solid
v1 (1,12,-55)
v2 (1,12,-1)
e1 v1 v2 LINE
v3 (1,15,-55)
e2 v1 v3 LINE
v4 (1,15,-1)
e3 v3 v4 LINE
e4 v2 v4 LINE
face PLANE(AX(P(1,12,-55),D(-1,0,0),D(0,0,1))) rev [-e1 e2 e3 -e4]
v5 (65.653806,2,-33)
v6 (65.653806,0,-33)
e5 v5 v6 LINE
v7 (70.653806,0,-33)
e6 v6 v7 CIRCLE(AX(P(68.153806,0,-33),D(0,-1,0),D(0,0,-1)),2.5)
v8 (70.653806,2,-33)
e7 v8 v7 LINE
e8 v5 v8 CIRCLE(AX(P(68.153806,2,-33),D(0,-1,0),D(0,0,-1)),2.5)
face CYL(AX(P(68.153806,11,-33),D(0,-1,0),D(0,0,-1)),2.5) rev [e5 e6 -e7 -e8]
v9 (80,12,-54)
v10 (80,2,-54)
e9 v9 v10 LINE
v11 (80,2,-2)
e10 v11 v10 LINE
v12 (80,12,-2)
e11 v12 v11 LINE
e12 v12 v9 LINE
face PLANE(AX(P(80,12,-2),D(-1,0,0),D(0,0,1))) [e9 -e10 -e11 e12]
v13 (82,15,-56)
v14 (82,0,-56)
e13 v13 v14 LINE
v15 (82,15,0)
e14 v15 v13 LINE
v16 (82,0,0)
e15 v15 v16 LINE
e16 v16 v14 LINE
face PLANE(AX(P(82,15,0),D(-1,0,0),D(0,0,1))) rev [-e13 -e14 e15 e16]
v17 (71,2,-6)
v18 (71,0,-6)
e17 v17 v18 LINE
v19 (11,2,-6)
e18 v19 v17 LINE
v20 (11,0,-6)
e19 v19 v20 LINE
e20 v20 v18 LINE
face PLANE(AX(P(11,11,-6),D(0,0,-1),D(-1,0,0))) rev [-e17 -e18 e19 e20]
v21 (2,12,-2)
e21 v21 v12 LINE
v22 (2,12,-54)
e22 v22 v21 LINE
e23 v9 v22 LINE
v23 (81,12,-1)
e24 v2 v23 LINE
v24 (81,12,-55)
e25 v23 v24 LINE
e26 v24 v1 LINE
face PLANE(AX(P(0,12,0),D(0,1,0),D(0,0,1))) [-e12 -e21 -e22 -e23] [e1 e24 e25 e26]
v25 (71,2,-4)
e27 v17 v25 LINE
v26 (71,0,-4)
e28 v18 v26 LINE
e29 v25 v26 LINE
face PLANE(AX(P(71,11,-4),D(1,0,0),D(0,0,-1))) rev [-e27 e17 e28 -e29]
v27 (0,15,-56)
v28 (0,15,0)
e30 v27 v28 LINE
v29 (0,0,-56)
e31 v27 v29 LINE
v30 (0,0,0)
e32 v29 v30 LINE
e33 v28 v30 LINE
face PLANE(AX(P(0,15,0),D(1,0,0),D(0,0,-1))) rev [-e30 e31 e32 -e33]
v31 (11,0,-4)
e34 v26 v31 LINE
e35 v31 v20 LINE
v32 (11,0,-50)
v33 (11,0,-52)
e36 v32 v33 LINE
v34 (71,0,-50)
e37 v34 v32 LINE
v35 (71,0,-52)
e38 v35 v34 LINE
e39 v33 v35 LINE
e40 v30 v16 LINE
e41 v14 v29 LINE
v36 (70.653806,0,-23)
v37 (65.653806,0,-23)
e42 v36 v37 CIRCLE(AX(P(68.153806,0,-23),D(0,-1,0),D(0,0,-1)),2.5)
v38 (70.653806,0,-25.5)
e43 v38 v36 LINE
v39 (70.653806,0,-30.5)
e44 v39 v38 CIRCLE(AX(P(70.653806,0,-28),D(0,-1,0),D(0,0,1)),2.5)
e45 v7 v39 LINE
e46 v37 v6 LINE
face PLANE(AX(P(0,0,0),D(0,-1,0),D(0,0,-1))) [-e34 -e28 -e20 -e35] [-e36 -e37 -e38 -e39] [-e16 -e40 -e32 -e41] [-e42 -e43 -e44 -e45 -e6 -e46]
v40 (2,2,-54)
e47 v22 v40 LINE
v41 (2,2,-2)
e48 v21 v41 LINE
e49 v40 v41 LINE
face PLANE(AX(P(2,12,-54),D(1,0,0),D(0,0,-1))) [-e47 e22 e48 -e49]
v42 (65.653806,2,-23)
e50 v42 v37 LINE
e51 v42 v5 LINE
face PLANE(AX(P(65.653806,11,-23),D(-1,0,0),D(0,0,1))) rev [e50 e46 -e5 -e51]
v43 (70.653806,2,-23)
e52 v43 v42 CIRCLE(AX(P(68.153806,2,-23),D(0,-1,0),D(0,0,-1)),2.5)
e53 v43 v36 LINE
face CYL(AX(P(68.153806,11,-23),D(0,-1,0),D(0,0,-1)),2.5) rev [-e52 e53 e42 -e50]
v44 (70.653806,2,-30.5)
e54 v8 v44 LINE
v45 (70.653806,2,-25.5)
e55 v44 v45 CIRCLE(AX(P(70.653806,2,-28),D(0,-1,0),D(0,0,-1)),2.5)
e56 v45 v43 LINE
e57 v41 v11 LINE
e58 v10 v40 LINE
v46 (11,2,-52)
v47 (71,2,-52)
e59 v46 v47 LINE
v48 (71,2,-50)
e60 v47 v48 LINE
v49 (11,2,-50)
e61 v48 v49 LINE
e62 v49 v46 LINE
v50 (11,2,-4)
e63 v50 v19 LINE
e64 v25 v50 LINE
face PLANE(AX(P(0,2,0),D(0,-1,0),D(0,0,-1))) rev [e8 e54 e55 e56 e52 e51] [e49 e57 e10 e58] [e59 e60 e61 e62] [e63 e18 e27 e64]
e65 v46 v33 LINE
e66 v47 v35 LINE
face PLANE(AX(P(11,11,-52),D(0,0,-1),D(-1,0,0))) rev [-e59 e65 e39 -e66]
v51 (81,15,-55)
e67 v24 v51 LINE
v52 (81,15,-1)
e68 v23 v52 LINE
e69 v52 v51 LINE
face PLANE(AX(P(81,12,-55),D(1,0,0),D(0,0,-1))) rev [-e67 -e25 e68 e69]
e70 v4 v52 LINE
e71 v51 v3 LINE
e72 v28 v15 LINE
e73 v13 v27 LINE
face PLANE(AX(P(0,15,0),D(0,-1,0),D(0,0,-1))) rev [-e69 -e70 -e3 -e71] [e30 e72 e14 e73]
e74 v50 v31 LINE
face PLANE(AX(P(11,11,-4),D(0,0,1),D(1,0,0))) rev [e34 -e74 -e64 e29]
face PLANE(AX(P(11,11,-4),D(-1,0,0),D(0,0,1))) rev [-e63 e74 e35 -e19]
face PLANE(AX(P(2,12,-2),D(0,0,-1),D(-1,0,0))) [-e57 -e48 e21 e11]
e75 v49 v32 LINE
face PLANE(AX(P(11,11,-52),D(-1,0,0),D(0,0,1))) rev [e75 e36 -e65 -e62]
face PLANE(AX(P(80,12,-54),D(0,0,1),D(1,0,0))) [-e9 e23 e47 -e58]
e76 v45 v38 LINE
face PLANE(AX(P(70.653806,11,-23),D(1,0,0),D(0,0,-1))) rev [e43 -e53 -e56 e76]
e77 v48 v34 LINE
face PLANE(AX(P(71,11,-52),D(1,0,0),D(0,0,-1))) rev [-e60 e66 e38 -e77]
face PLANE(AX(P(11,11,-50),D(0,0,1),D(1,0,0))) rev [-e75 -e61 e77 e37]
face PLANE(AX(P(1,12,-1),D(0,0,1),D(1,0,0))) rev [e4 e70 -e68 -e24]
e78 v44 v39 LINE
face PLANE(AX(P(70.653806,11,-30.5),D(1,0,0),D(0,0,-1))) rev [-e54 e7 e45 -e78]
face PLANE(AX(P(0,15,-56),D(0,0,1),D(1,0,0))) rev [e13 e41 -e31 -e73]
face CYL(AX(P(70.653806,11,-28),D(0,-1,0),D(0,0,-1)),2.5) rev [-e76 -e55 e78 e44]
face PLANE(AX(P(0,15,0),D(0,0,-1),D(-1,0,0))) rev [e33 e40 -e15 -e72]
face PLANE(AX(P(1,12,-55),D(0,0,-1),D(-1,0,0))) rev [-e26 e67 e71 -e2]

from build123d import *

# Parameters (mm, degrees)
SKETCH1_W           = 82
SKETCH1_H           = 56
BOSS_EXTRUDE1_DEPTH = 15
SKETCH3_W           = 80
SKETCH3_H           = 54
CUT_EXTRUDE1_DEPTH  = 3
CUT_EXTRUDE2_DEPTH  = 10
SKETCH5_W           = 60
SKETCH5_H           = 2
CUT_EXTRUDE3_DEPTH  = 11


with BuildPart() as part:
    # Sketch1 → Boss-Extrude1 (new body)
    with BuildSketch(Plane(origin=(0, 0, 0), x_dir=(1, 0, 0), z_dir=(0, 1, 0))):
        with Locations((41, 28)):
            Rectangle(SKETCH1_W, SKETCH1_H)
    extrude(amount=BOSS_EXTRUDE1_DEPTH)

    # Sketch3 → Cut-Extrude1 (cut)
    with BuildSketch(Plane(origin=(0, 15, 0), x_dir=(1, 0, 0), z_dir=(0, 1, 0))):
        with Locations((41, 28)):
            Rectangle(SKETCH3_W, SKETCH3_H)
    extrude(amount=-CUT_EXTRUDE1_DEPTH, mode=Mode.SUBTRACT)

    # 3DSketch1 → Cut-Extrude2 (cut)
    with BuildSketch(Plane(origin=(80, 12, -2), x_dir=(-0.8320502943378438, 0, -0.554700196225229), z_dir=(0, 1, 0))):
        Polygon((0, 0), (28.844410204, -43.266615306), (93.744333162, 0), (64.899922958, 43.266615306), align=None)
    extrude(amount=-CUT_EXTRUDE2_DEPTH, mode=Mode.SUBTRACT)

    # Sketch5 → Cut-Extrude3 (cut)
    with BuildSketch(Plane.XZ):
        with Locations((41, -5)):
            Rectangle(SKETCH5_W, SKETCH5_H)
        with Locations((41, -51)):
            Rectangle(SKETCH5_W, SKETCH5_H)
        with BuildLine():
            Line((70.653805937, -23), (70.653805937, -25.5))
            ThreePointArc((70.653805937, -25.5), (73.153805937, -28), (70.653805937, -30.5))
            Line((70.653805937, -30.5), (70.653805937, -33))
            ThreePointArc((70.653805937, -33), (68.153805937, -35.5), (65.653805937, -33))
            Line((65.653805937, -33), (65.653805937, -23))
            ThreePointArc((65.653805937, -23), (68.153805937, -20.5), (70.653805937, -23))
        make_face()
    extrude(amount=-CUT_EXTRUDE3_DEPTH, mode=Mode.SUBTRACT)


solid = part.part
